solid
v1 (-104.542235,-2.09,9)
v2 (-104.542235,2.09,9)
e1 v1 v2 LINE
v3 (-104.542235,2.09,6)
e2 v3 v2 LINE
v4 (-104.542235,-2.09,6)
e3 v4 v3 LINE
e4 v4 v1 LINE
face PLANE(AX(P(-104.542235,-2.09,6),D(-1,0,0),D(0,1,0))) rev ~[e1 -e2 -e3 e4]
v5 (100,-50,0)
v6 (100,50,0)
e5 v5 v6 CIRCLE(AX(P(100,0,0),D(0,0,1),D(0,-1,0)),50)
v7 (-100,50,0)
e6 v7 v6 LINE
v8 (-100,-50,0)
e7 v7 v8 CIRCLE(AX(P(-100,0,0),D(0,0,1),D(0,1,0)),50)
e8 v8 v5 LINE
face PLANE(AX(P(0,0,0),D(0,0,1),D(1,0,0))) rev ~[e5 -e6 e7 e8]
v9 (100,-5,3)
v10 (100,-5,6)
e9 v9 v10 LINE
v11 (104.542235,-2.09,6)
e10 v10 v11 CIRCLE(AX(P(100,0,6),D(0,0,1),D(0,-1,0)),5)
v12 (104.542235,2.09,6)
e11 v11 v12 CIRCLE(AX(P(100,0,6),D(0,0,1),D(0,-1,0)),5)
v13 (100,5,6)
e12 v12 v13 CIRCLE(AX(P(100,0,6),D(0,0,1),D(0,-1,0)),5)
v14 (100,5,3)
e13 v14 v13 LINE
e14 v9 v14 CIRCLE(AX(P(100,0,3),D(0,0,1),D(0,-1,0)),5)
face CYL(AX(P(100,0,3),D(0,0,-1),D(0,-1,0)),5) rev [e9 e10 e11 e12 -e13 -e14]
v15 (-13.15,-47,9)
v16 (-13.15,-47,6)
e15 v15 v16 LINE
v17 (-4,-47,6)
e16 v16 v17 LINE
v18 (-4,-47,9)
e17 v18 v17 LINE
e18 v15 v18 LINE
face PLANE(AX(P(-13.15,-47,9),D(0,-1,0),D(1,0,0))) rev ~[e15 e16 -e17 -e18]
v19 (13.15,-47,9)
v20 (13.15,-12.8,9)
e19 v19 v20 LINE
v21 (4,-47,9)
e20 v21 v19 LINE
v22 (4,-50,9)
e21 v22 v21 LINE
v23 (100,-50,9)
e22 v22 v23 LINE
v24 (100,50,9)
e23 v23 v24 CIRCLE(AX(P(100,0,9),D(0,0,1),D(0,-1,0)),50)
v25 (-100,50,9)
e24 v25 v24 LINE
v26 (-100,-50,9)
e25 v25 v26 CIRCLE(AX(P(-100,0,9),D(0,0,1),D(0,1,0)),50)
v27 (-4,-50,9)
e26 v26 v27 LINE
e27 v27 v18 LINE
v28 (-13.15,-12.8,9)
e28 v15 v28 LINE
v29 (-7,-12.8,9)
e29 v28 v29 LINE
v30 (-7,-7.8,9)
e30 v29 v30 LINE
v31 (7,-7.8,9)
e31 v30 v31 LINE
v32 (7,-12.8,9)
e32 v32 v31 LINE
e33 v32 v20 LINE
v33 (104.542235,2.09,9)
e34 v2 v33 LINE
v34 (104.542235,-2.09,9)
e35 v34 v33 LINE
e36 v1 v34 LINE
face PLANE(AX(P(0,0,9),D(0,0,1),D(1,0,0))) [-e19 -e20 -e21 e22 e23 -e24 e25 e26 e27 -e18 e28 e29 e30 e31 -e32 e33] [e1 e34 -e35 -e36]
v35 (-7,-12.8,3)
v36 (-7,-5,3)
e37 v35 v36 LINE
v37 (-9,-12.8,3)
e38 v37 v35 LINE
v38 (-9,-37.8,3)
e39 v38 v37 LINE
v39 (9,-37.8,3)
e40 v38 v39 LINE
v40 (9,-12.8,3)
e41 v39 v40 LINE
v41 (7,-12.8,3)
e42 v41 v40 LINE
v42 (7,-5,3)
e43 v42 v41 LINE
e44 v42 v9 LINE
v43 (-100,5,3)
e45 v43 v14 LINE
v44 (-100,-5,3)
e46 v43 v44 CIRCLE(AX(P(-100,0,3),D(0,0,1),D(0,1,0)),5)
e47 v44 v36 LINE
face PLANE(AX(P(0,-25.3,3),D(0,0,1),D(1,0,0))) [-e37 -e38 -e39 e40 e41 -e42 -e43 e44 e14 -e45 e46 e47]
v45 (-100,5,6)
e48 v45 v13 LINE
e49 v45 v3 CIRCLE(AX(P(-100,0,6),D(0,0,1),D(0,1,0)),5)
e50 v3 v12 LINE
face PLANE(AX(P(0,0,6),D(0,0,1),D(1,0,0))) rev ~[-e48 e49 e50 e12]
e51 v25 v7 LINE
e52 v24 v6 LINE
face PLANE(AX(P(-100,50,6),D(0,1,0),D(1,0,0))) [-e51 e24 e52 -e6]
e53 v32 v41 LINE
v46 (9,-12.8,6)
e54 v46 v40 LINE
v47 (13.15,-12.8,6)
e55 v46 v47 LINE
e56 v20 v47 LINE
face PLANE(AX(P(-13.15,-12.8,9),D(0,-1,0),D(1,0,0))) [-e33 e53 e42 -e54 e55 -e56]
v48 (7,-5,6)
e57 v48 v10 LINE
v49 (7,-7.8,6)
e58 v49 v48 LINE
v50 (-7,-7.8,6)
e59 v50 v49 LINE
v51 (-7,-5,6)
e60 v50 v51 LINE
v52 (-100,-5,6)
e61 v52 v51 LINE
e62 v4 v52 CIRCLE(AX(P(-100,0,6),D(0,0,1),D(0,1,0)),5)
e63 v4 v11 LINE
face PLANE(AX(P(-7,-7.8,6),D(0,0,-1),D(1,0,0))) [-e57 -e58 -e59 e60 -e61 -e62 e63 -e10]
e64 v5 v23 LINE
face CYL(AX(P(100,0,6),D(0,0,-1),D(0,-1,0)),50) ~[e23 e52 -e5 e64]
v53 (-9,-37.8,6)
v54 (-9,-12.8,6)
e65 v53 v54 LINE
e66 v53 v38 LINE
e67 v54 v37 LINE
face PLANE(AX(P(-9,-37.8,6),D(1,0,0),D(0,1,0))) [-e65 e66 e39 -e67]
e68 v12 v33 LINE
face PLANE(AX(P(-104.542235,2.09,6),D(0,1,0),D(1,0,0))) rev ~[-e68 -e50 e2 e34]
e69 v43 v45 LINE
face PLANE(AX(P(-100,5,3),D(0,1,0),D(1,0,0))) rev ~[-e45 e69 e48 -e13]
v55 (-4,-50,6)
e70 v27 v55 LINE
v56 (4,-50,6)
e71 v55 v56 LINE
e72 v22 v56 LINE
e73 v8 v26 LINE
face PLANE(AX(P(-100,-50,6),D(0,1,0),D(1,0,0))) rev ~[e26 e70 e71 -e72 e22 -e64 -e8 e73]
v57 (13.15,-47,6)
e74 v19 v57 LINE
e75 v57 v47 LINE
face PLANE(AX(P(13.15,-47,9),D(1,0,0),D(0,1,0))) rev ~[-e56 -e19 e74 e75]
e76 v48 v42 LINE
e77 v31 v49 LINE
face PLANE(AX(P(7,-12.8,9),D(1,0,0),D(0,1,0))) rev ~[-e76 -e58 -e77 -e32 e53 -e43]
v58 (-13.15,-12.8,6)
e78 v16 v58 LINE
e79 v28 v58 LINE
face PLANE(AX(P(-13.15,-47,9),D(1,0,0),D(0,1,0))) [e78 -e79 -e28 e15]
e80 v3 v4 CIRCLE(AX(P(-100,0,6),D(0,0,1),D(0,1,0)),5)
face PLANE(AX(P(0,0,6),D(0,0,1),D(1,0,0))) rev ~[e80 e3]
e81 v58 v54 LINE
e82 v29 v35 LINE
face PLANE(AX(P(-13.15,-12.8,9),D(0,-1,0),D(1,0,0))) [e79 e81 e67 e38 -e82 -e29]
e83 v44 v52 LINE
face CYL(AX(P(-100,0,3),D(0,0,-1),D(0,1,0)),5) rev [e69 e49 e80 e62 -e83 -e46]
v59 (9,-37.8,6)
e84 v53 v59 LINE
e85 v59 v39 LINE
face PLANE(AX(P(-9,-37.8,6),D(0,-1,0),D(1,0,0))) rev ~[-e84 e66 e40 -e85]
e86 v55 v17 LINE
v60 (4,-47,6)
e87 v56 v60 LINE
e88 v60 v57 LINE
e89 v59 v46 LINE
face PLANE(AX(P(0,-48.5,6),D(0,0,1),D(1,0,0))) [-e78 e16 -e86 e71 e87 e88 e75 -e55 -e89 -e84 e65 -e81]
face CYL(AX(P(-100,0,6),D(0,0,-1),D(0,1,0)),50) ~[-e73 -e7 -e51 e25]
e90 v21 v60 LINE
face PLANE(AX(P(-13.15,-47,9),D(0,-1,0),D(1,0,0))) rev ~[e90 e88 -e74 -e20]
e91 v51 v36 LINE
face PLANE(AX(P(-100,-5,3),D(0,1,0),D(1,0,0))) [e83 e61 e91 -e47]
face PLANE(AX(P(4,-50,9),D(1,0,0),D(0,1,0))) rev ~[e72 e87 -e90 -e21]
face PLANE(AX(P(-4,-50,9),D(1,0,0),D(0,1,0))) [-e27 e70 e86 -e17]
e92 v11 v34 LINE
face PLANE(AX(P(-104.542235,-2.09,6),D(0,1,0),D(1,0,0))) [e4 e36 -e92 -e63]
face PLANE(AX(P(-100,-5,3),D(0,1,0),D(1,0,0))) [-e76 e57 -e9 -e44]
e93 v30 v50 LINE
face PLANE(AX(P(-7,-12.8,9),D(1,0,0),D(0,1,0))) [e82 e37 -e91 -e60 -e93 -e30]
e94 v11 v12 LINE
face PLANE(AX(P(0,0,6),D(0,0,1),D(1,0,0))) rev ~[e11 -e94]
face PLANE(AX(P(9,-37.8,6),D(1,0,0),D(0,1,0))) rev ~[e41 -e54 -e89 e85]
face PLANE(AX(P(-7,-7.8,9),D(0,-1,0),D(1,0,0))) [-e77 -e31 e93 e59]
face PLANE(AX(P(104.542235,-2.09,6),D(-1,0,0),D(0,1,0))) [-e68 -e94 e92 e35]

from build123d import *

# Parameters (mm, degrees)
PAD_DEPTH       = 3
PAD001_DEPTH    = 3
SKETCH002_W     = 209.08447
SKETCH002_H     = 4.18
PAD002_DEPTH    = 3
SKETCH003_W     = 26.3
SKETCH003_H     = 34.2
POCKET_DEPTH    = 3
SKETCH004_W     = 18
SKETCH004_H     = 25
POCKET001_DEPTH = 3
SKETCH005_W     = 14
SKETCH005_H     = 5
POCKET002_DEPTH = 6
SKETCH006_W     = 14
SKETCH006_H     = 3
POCKET003_DEPTH = 3
SKETCH007_W     = 8
SKETCH007_H     = 3
POCKET004_DEPTH = 3


with BuildPart() as part:
    # Sketch → Pad (new body)
    with BuildSketch(Plane.XY):
        with BuildLine():
            ThreePointArc((-100, 50), (-150, 0), (-100, -50))
            Line((-100, -50), (100, -50))
            ThreePointArc((100, -50), (150, 0), (100, 50))
            Line((-100, 50), (100, 50))
        make_face()
    extrude(amount=PAD_DEPTH)

    # Sketch001 (on Face6 of Pad) → Pad001 (join)
    with BuildSketch(Plane.XY.offset(3)):
        with BuildLine():
            ThreePointArc((-100, 50), (-150, 0), (-100, -50))
            Line((-100, -50), (100, -50))
            ThreePointArc((100, -50), (150, 0), (100, 50))
            Line((-100, 50), (100, 50))
        make_face()
        with BuildLine():
            ThreePointArc((-100, 5), (-105, 0), (-100, -5))
            Line((-100, -5), (100, -5))
            ThreePointArc((100, -5), (105, 0), (100, 5))
            Line((-100, 5), (100, 5))
        make_face(mode=Mode.SUBTRACT)
    extrude(amount=PAD001_DEPTH)

    # Sketch002 (on Face9 of Pad001) → Pad002 (join)
    with BuildSketch(Plane.XY.offset(6)):
        with BuildLine():
            ThreePointArc((-100, 50), (-150, 0), (-100, -50))
            Line((-100, -50), (100, -50))
            ThreePointArc((100, -50), (150, 0), (100, 50))
            Line((-100, 50), (100, 50))
        make_face()
        Rectangle(SKETCH002_W, SKETCH002_H, mode=Mode.SUBTRACT)
    extrude(amount=PAD002_DEPTH)

    # Sketch003 (on Face13 of Pad002) → Pocket (cut)
    with BuildSketch(Plane.XY.offset(9)):
        with Locations((0, -29.9)):
            Rectangle(SKETCH003_W, SKETCH003_H)
    extrude(amount=-POCKET_DEPTH, mode=Mode.SUBTRACT)

    # Sketch004 (on Face27 of Pocket) → Pocket001 (cut)
    with BuildSketch(Plane.XY.offset(6)):
        with Locations((0, -25.3)):
            Rectangle(SKETCH004_W, SKETCH004_H)
    extrude(amount=-POCKET001_DEPTH, mode=Mode.SUBTRACT)

    # Sketch005 (on Face13 of Pocket001) → Pocket002 (cut)
    with BuildSketch(Plane.XY.offset(9)):
        with Locations((0, -10.3)):
            Rectangle(SKETCH005_W, SKETCH005_H)
    extrude(amount=-POCKET002_DEPTH, mode=Mode.SUBTRACT)

    # Sketch006 (on Face23 of Pocket002) → Pocket003 (cut)
    with BuildSketch(Plane.XZ.offset(7.8)):
        with Locations((0, 4.5)):
            Rectangle(SKETCH006_W, SKETCH006_H)
    extrude(amount=-POCKET003_DEPTH, mode=Mode.SUBTRACT)

    # Sketch007 (on Face13 of Pocket003) → Pocket004 (cut)
    with BuildSketch(Plane.XY.offset(9)):
        with Locations((0, -48.5)):
            Rectangle(SKETCH007_W, SKETCH007_H)
    extrude(amount=-POCKET004_DEPTH, mode=Mode.SUBTRACT)


solid = part.part
